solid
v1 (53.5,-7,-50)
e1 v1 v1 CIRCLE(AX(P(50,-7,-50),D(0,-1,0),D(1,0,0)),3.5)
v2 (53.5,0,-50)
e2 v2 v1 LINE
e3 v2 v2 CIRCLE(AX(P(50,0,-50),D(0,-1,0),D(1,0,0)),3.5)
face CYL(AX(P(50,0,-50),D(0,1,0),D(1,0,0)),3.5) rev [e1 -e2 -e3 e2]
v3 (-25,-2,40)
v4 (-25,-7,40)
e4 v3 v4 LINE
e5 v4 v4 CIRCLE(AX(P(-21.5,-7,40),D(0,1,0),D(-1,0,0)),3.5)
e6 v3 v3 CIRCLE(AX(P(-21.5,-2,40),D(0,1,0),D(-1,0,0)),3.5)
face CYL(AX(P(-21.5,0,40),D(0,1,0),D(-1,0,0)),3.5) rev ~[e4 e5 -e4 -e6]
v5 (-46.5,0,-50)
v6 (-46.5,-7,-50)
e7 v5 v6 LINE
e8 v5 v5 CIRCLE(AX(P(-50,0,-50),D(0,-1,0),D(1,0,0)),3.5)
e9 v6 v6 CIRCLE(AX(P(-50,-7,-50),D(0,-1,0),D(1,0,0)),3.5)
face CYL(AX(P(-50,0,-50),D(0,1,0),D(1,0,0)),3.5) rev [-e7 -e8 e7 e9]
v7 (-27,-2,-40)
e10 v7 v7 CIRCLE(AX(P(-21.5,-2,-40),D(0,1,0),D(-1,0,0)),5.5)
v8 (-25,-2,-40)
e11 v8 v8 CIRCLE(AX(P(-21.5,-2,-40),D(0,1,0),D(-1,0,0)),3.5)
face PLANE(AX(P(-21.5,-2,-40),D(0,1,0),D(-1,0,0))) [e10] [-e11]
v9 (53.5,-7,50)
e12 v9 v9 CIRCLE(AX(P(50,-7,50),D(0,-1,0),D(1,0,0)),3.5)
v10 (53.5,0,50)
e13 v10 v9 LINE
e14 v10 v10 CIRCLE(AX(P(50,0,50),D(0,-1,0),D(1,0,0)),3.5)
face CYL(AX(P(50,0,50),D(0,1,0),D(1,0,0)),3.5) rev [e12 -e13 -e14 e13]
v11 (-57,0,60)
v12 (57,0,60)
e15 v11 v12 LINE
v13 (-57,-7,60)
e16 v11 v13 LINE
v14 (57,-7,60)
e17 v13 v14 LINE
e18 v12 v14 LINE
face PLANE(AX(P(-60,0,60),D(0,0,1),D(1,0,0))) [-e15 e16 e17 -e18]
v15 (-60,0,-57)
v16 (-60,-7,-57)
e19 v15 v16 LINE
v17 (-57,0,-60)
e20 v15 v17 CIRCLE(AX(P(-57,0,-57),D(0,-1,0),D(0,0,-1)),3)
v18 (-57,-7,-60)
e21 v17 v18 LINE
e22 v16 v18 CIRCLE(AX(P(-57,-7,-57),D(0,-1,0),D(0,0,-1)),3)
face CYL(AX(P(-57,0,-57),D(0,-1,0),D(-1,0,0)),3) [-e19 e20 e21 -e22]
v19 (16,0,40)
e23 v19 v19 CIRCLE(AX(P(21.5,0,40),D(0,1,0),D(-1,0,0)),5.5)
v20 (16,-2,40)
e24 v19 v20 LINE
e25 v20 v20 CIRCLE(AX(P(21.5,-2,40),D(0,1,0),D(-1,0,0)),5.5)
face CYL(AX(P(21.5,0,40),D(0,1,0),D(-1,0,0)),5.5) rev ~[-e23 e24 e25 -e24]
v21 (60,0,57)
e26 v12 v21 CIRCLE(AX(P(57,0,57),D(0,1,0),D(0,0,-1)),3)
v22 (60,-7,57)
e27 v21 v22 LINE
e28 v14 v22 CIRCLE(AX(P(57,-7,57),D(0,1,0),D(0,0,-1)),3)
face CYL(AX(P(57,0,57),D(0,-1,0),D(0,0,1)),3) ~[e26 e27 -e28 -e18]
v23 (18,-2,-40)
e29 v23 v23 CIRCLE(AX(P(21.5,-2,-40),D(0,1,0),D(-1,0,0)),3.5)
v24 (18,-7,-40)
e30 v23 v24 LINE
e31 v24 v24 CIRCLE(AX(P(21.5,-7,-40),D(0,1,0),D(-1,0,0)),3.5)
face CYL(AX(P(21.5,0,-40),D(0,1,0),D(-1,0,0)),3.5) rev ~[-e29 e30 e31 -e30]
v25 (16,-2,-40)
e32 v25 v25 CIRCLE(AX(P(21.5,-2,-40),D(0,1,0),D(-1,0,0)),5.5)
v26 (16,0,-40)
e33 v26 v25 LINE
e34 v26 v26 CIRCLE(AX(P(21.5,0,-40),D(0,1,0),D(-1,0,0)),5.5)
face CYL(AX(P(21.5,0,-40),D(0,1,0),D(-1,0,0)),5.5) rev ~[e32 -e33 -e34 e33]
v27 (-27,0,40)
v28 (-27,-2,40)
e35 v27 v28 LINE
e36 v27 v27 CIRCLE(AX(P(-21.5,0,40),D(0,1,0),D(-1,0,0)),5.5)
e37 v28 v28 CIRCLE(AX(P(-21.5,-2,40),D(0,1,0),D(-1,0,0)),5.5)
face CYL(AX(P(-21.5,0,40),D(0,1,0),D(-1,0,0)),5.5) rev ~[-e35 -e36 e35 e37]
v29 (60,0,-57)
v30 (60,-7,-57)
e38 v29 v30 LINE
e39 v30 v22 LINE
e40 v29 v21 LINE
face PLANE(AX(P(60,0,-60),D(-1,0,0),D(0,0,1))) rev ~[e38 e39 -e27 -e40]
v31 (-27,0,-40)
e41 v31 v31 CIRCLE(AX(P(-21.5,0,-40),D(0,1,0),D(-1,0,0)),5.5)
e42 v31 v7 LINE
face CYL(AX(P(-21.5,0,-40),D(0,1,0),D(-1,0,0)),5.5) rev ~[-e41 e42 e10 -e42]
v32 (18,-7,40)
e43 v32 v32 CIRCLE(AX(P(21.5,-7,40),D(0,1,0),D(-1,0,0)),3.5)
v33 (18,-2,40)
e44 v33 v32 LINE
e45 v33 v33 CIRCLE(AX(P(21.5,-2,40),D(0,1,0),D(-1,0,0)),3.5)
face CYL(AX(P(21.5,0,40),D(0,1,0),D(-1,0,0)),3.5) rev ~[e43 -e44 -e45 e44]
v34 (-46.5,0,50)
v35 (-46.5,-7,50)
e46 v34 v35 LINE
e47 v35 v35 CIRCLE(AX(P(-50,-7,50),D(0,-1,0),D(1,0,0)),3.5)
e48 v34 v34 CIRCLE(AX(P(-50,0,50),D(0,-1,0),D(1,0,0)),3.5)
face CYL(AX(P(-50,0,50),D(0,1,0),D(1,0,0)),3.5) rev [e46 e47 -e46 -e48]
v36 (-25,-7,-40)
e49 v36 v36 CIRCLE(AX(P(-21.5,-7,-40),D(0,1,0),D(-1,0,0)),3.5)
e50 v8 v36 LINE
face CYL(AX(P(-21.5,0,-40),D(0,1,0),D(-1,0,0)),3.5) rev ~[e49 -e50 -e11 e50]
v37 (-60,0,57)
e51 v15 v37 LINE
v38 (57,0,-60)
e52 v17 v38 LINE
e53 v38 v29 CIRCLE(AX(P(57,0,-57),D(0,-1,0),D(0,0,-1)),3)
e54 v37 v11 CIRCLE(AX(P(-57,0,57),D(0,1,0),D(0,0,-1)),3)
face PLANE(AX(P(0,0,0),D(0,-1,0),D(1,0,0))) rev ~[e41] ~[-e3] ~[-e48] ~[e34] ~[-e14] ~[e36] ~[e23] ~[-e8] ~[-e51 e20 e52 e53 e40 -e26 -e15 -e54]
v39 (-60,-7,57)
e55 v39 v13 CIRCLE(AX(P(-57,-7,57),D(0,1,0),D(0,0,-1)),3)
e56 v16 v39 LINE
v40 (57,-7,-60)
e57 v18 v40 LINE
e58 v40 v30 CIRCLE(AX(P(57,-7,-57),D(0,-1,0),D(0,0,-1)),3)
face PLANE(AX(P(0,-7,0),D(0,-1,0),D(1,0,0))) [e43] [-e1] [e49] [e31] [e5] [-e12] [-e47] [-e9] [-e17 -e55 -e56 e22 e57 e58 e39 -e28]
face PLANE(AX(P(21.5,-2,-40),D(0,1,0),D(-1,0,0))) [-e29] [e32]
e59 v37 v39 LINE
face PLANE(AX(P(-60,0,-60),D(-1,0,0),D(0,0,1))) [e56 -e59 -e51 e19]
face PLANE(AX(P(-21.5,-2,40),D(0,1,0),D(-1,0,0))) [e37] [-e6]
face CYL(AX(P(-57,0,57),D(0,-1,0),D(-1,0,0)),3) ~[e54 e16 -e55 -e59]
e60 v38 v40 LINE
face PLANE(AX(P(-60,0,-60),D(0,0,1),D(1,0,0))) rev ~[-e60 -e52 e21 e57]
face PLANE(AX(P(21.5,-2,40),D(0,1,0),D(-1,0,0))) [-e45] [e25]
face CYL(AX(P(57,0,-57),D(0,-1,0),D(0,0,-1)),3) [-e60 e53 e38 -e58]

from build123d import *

# Parameters (mm, degrees)
F0_W     = 120
F0_H     = 120
F0_R     = 3.5
F1_DEPTH = 7
F2_R     = 3
F3_R     = 3.5
F4_DEPTH = 25
F5_R     = 5.5
F6_DEPTH = 2


with BuildPart() as f1:
    # F0 (on Front) → F1 (new body)
    with BuildSketch(Plane.XZ):
        Rectangle(F0_W, F0_H)
        with Locations((-50, -50)):
            Circle(F0_R, mode=Mode.SUBTRACT)
        with Locations((50, -50)):
            Circle(F0_R, mode=Mode.SUBTRACT)
        with Locations((-50, 50)):
            Circle(F0_R, mode=Mode.SUBTRACT)
        with Locations((50, 50)):
            Circle(F0_R, mode=Mode.SUBTRACT)
    extrude(amount=F1_DEPTH)

    # F2
    f2_edges = [f1.edges().sort_by_distance(p)[0] for p in [
        (-60, -3.5, 60),
        (-60, -3.5, -60),
        (60, -3.5, -60),
        (60, -3.5, 60),
    ]]
    fillet(f2_edges, radius=F2_R)

    # F3 (on face) → F4 (cut)
    with BuildSketch(Plane(origin=(0, 0, 0), x_dir=(-1, 0, 0), z_dir=(0, 1, 0))):
        with Locations((-21.5, 40)):
            Circle(F3_R)
        with Locations((21.5, 40)):
            Circle(F3_R)
        with Locations((-21.5, -40)):
            Circle(F3_R)
        with Locations((21.5, -40)):
            Circle(F3_R)
    extrude(amount=-F4_DEPTH, mode=Mode.SUBTRACT)

    # F5 (on face) → F6 (cut)
    with BuildSketch(Plane(origin=(0, 0, 0), x_dir=(-1, 0, 0), z_dir=(0, 1, 0))):
        with Locations((-21.5, 40)):
            Circle(F5_R)
        with Locations((21.5, 40)):
            Circle(F5_R)
        with Locations((-21.5, -40)):
            Circle(F5_R)
        with Locations((21.5, -40)):
            Circle(F5_R)
    extrude(amount=-F6_DEPTH, mode=Mode.SUBTRACT)


solid = f1.part
